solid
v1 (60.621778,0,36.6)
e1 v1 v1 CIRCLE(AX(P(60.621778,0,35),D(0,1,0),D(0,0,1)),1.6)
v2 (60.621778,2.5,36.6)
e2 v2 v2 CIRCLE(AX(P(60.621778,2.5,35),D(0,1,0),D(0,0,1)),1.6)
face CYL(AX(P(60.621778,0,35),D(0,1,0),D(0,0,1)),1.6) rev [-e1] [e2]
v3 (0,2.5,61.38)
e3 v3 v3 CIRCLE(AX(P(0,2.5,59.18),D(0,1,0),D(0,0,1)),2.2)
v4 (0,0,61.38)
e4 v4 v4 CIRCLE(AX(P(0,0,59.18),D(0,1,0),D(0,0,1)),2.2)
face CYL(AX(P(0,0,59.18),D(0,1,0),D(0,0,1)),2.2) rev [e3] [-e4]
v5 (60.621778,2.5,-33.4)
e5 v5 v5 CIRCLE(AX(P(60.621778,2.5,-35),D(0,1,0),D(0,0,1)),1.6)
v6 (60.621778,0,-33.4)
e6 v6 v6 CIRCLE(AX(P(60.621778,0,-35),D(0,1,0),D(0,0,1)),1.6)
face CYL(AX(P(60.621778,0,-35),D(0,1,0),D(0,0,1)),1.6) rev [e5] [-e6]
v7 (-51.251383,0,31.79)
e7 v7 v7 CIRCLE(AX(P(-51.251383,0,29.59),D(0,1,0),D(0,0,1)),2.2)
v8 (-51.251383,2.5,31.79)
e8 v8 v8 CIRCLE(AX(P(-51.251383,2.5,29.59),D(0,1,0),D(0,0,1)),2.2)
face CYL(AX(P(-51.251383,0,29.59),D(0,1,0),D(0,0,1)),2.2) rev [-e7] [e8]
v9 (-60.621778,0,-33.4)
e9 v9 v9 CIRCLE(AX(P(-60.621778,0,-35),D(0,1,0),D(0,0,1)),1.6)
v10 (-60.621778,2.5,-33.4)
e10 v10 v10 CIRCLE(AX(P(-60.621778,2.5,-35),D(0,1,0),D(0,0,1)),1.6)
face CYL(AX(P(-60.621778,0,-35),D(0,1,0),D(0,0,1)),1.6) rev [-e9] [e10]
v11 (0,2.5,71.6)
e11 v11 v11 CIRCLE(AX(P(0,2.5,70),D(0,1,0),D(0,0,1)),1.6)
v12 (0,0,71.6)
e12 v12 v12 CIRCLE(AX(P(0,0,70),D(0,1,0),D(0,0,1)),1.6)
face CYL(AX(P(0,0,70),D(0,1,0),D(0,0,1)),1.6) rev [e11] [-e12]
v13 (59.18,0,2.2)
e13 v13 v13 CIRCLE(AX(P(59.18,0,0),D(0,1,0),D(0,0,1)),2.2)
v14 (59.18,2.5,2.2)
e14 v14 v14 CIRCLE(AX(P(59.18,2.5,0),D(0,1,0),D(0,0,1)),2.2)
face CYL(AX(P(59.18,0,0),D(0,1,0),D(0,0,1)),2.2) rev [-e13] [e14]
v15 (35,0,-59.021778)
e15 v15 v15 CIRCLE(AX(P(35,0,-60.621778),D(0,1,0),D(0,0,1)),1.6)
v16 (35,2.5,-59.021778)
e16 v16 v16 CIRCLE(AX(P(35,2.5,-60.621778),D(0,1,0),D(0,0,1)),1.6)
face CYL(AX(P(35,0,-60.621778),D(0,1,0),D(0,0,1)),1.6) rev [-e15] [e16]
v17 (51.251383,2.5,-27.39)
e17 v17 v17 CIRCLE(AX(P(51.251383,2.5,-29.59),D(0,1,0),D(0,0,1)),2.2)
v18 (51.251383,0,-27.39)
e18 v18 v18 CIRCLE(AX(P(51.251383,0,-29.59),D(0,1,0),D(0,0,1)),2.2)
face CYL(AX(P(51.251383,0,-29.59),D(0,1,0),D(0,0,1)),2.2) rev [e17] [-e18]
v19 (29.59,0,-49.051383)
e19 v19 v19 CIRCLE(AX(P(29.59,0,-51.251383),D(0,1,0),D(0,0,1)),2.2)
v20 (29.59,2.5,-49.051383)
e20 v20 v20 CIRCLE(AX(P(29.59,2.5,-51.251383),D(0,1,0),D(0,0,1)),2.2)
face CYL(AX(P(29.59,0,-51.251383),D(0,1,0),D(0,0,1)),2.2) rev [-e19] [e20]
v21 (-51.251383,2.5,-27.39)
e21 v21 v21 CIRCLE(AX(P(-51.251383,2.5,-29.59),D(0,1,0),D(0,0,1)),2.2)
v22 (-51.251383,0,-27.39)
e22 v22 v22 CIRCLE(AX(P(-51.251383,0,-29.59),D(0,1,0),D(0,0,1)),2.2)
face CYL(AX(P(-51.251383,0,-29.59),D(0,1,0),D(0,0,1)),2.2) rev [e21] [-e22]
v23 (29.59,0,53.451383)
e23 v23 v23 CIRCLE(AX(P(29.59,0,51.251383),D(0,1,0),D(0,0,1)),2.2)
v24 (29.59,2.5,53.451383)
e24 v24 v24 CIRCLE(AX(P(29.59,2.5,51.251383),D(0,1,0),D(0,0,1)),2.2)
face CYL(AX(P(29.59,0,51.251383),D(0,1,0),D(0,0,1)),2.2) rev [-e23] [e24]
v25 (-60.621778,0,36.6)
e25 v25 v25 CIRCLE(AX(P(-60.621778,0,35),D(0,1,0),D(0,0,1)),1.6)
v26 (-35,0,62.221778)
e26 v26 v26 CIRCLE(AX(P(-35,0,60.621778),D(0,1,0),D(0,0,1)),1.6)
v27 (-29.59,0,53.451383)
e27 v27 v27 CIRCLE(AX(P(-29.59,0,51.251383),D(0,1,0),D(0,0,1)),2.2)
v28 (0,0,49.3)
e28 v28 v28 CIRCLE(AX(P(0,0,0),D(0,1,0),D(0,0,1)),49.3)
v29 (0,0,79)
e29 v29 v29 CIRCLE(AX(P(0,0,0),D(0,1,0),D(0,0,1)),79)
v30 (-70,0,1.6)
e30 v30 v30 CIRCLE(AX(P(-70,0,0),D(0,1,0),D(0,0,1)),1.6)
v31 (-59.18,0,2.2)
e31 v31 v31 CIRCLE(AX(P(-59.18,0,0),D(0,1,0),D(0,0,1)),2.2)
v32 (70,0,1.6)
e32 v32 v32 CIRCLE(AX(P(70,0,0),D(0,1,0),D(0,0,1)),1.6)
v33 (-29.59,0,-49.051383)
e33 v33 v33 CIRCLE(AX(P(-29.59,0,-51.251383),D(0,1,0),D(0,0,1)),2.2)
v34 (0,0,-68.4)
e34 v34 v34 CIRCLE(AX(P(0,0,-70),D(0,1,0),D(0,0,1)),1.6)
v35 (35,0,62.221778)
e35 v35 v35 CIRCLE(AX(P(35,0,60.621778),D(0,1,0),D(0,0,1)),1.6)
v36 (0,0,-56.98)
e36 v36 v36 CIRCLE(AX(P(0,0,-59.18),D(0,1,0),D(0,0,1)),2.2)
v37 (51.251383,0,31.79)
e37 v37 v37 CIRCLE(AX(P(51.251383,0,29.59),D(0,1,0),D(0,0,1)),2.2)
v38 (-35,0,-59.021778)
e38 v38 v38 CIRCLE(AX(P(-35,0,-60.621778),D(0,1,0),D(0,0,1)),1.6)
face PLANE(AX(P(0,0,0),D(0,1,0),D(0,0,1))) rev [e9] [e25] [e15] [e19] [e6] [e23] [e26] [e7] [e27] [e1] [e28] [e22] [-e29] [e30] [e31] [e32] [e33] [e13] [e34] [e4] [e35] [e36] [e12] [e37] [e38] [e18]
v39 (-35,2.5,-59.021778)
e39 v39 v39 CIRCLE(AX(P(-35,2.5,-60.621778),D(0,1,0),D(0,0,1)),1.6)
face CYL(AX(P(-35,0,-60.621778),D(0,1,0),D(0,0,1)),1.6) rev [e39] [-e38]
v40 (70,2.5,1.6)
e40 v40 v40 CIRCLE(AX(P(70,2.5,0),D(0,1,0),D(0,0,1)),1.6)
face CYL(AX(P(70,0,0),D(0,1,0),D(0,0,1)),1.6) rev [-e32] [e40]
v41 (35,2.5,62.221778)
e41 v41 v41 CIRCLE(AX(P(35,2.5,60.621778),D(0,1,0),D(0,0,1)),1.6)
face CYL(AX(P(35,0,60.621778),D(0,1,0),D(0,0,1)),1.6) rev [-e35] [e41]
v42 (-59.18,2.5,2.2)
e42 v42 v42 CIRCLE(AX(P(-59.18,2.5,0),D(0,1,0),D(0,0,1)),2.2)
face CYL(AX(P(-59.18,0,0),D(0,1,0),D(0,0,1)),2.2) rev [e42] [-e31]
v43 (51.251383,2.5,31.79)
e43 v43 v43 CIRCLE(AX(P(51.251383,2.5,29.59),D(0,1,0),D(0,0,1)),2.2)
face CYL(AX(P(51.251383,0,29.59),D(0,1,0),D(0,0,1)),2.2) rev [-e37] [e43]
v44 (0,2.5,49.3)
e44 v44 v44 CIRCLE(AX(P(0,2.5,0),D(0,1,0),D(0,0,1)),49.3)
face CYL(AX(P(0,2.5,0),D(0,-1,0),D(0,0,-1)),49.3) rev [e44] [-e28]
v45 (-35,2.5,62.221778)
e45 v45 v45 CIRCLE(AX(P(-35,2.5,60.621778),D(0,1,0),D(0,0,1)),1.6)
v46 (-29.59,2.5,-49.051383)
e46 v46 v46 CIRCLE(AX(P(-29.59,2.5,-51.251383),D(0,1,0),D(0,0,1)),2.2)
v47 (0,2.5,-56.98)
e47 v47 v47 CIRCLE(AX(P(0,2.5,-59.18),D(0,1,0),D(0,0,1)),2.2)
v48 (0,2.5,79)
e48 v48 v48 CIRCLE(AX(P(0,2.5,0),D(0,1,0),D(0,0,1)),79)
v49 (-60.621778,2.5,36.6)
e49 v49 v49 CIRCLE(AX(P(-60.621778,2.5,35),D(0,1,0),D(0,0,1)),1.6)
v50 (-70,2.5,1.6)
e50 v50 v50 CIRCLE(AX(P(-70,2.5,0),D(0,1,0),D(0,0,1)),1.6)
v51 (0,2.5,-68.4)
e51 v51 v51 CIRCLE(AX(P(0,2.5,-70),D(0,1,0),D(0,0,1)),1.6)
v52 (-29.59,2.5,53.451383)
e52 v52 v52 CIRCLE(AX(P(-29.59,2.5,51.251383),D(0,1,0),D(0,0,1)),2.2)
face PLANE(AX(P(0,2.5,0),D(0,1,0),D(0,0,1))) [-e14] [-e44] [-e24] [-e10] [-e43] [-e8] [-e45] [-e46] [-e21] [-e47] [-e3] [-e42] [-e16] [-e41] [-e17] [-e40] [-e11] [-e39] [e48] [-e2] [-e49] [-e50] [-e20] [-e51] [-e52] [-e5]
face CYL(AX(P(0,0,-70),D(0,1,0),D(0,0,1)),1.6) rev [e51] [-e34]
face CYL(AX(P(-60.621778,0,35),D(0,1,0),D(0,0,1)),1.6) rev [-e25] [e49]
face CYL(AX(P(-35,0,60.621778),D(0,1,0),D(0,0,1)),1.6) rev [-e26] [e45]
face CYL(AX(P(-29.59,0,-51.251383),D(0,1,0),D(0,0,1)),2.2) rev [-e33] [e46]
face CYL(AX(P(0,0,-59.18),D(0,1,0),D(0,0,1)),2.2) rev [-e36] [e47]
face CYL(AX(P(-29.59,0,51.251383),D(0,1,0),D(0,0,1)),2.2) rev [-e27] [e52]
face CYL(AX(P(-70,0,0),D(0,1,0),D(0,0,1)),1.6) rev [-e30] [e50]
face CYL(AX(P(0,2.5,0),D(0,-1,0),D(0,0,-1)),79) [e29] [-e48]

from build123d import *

# Parameters (mm, degrees)
SKETCH1_R           = 79
SKETCH1_R_2         = 49.3
BOSS_EXTRUDE1_DEPTH = 2.5
SKETCH2_R           = 1.6
CUT_EXTRUDE1_DEPTH  = 112.750838923
SKETCH3_R           = 2.2
CUT_EXTRUDE2_DEPTH  = 112.750838923


with BuildPart() as part:
    # Sketch1 → Boss-Extrude1 (new body)
    with BuildSketch(Plane(origin=(0, 0, 0), x_dir=(1, 0, 0), z_dir=(0, 1, 0))):
        with Locations(Location((0, 0, 0), (0, 0, 270))):
            Circle(SKETCH1_R)
        with Locations(Location((0, 0, 0), (0, 0, 270))):
            Circle(SKETCH1_R_2, mode=Mode.SUBTRACT)
    extrude(amount=BOSS_EXTRUDE1_DEPTH)

    # Sketch2 → Cut-Extrude1 (cut, through all)
    with BuildSketch(Plane(origin=(0, 2.5, 0), x_dir=(1, 0, 0), z_dir=(0, 1, 0))):
        with Locations(Location((0, 70, 0), (0, 0, 270))):
            Circle(SKETCH2_R)
        with Locations(Location((35, 60.621778265, 0), (0, 0, 270))):
            Circle(SKETCH2_R)
        with Locations(Location((60.621778265, 35, 0), (0, 0, 270))):
            Circle(SKETCH2_R)
        with Locations(Location((70, 0, 0), (0, 0, 270))):
            Circle(SKETCH2_R)
        with Locations(Location((60.621778265, -35, 0), (0, 0, 270))):
            Circle(SKETCH2_R)
        with Locations(Location((35, -60.621778265, 0), (0, 0, 270))):
            Circle(SKETCH2_R)
        with Locations(Location((0, -70, 0), (0, 0, 270))):
            Circle(SKETCH2_R)
        with Locations(Location((-35, -60.621778265, 0), (0, 0, 270))):
            Circle(SKETCH2_R)
        with Locations(Location((-60.621778265, -35, 0), (0, 0, 270))):
            Circle(SKETCH2_R)
        with Locations(Location((-70, 0, 0), (0, 0, 270))):
            Circle(SKETCH2_R)
        with Locations(Location((-60.621778265, 35, 0), (0, 0, 270))):
            Circle(SKETCH2_R)
        with Locations(Location((-35, 60.621778265, 0), (0, 0, 270))):
            Circle(SKETCH2_R)
    extrude(amount=-CUT_EXTRUDE1_DEPTH, mode=Mode.SUBTRACT)

    # Sketch3 → Cut-Extrude2 (cut, through all)
    with BuildSketch(Plane(origin=(0, 2.5, 0), x_dir=(1, 0, 0), z_dir=(0, 1, 0))):
        with Locations(Location((0, 59.18, 0), (0, 0, 270))):
            Circle(SKETCH3_R)
        with Locations(Location((29.59, 51.251383396, 0), (0, 0, 270))):
            Circle(SKETCH3_R)
        with Locations(Location((51.251383396, 29.59, 0), (0, 0, 270))):
            Circle(SKETCH3_R)
        with Locations(Location((59.18, 0, 0), (0, 0, 270))):
            Circle(SKETCH3_R)
        with Locations(Location((51.251383396, -29.59, 0), (0, 0, 270))):
            Circle(SKETCH3_R)
        with Locations(Location((29.59, -51.251383396, 0), (0, 0, 270))):
            Circle(SKETCH3_R)
        with Locations(Location((0, -59.18, 0), (0, 0, 270))):
            Circle(SKETCH3_R)
        with Locations(Location((-29.59, -51.251383396, 0), (0, 0, 270))):
            Circle(SKETCH3_R)
        with Locations(Location((-51.251383396, -29.59, 0), (0, 0, 270))):
            Circle(SKETCH3_R)
        with Locations(Location((-59.18, 0, 0), (0, 0, 270))):
            Circle(SKETCH3_R)
        with Locations(Location((-51.251383396, 29.59, 0), (0, 0, 270))):
            Circle(SKETCH3_R)
        with Locations(Location((-29.59, 51.251383396, 0), (0, 0, 270))):
            Circle(SKETCH3_R)
    extrude(amount=-CUT_EXTRUDE2_DEPTH, mode=Mode.SUBTRACT)


solid = part.part
